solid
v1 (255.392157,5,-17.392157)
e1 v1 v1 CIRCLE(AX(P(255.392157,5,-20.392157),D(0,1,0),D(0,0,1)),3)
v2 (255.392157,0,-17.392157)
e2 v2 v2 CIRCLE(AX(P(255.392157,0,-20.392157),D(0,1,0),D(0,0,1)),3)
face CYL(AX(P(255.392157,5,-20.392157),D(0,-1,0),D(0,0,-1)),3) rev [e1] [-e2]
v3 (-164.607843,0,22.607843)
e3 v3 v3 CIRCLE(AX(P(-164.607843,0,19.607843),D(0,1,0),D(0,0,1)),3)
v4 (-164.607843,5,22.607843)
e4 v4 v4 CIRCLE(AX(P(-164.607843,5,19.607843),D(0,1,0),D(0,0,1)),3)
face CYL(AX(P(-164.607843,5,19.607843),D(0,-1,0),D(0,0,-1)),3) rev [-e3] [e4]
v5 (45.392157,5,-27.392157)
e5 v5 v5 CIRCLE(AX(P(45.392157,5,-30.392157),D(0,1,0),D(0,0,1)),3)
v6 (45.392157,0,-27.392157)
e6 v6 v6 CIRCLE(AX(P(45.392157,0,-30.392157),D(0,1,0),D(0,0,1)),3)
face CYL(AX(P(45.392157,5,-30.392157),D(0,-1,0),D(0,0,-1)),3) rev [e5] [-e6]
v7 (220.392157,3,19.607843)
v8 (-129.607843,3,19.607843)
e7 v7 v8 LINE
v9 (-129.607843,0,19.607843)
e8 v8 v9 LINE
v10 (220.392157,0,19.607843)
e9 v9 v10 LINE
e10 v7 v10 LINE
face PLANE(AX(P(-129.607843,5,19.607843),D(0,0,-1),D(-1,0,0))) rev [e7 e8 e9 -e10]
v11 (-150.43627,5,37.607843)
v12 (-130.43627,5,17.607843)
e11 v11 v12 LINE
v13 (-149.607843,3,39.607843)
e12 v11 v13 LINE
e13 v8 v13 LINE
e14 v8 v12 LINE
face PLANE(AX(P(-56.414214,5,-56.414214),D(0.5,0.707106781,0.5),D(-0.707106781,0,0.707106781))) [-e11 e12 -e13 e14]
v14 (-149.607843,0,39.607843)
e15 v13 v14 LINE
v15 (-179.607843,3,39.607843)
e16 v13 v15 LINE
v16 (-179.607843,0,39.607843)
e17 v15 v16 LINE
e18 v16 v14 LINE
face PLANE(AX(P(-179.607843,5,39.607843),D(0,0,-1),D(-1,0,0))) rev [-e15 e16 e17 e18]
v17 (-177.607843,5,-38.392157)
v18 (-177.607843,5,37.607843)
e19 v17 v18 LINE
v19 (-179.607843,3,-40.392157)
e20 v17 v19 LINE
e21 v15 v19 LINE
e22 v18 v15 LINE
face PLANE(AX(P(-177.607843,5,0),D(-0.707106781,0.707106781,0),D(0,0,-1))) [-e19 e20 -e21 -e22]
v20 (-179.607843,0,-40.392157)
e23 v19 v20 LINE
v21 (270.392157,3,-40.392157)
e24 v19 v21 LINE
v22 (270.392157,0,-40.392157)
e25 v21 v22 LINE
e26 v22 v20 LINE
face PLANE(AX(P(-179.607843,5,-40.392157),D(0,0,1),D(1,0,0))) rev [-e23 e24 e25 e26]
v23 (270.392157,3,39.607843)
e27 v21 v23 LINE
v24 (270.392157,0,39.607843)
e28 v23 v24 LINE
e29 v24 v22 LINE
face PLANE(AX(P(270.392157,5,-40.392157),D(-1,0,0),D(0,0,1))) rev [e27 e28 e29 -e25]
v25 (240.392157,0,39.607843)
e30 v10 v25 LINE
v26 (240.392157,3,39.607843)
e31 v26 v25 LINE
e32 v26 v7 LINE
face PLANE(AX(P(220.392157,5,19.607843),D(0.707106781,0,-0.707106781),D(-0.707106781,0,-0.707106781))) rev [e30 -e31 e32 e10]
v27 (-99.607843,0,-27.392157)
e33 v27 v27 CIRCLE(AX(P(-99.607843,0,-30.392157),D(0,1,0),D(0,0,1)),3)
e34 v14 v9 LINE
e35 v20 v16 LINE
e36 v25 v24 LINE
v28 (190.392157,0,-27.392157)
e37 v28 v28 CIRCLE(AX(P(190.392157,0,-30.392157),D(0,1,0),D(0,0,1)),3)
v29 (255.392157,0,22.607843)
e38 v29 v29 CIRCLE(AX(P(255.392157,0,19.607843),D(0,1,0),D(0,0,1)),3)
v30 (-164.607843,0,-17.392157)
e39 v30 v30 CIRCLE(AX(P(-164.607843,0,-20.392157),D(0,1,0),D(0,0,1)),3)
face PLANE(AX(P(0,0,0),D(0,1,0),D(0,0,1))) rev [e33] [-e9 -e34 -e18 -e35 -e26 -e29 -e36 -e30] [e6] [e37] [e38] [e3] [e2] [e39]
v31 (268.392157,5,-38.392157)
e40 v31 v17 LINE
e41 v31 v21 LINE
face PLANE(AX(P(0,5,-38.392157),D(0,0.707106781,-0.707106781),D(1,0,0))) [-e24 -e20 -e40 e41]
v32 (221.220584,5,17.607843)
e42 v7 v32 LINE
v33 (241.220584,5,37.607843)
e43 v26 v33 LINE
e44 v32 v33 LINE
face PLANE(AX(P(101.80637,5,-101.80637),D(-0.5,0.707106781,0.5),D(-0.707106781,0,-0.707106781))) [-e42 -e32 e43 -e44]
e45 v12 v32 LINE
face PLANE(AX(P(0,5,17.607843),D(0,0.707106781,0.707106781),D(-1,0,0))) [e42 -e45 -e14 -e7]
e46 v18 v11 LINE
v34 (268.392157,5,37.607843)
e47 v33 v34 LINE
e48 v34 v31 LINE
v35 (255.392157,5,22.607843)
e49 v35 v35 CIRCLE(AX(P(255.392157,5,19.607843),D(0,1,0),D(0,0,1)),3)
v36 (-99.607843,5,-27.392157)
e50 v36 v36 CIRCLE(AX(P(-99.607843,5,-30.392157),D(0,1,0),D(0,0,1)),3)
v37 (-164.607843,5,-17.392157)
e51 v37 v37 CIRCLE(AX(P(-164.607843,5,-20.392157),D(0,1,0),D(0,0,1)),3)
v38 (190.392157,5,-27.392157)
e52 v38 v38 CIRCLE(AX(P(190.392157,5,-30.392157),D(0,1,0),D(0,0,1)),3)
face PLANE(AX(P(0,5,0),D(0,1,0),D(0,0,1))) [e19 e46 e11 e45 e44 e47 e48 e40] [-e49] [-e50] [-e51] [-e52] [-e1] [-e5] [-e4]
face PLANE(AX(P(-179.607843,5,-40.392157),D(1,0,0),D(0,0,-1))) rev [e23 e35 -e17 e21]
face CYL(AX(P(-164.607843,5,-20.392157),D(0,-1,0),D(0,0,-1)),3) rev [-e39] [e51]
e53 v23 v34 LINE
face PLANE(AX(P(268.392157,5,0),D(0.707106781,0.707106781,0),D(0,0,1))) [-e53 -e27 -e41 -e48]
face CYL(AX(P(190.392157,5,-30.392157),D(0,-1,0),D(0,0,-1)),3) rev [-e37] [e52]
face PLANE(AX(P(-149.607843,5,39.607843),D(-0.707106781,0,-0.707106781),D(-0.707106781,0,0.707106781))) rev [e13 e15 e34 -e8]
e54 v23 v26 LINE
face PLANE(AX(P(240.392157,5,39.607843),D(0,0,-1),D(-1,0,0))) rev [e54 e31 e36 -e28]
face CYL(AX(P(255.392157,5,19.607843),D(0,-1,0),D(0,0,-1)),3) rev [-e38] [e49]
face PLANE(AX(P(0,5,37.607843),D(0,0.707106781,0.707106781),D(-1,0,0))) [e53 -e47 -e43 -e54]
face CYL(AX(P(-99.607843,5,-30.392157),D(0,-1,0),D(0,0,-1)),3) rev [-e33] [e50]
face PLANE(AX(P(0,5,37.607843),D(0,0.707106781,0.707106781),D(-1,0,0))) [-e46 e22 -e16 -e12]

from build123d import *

# Parameters (mm, degrees)
CROQUIS1_R              = 3
SALIENTE_EXTRUIR1_DEPTH = 5
CHAFL_N1_SIZE           = 2


with BuildPart() as part:
    # Croquis1 → Saliente-Extruir1 (new body)
    with BuildSketch(Plane(origin=(0, 0, 0), x_dir=(1, 0, 0), z_dir=(0, 1, 0))):
        Polygon((-149.607843137, -39.607843137), (-129.607843137, -19.607843137), (220.392156863, -19.607843137), (240.392156863, -39.607843137), (270.392156863, -39.607843137), (270.392156863, 40.392156863), (-179.607843137, 40.392156863), (-179.607843137, -39.607843137), align=None)
        with Locations(Location((-164.607843137, 20.392156863, 0), (0, 0, 270))):
            Circle(CROQUIS1_R, mode=Mode.SUBTRACT)
        with Locations(Location((-99.607843137, 30.392156863, 0), (0, 0, 270))):
            Circle(CROQUIS1_R, mode=Mode.SUBTRACT)
        with Locations(Location((190.392156863, 30.392156863, 0), (0, 0, 270))):
            Circle(CROQUIS1_R, mode=Mode.SUBTRACT)
        with Locations(Location((45.392156863, 30.392156863, 0), (0, 0, 270))):
            Circle(CROQUIS1_R, mode=Mode.SUBTRACT)
        with Locations(Location((-164.607843137, -19.607843137, 0), (0, 0, 270))):
            Circle(CROQUIS1_R, mode=Mode.SUBTRACT)
        with Locations(Location((255.392156863, 20.392156863, 0), (0, 0, 270))):
            Circle(CROQUIS1_R, mode=Mode.SUBTRACT)
        with Locations(Location((255.392156863, -19.607843137, 0), (0, 0, 270))):
            Circle(CROQUIS1_R, mode=Mode.SUBTRACT)
    extrude(amount=SALIENTE_EXTRUIR1_DEPTH)

    # Chaflán1
    chafl_n1_edges = [part.edges().sort_by_distance(p)[0] for p in [
        (-139.607843137, 5, 29.607843137),
        (45.392156863, 5, 19.607843137),
        (230.392156863, 5, 29.607843137),
        (255.392156863, 5, 39.607843137),
        (270.392156863, 5, -0.392156863),
        (45.392156863, 5, -40.392156863),
        (-179.607843137, 5, -0.392156863),
        (-164.607843137, 5, 39.607843137),
    ]]
    chamfer(chafl_n1_edges, length=CHAFL_N1_SIZE)


solid = part.part
